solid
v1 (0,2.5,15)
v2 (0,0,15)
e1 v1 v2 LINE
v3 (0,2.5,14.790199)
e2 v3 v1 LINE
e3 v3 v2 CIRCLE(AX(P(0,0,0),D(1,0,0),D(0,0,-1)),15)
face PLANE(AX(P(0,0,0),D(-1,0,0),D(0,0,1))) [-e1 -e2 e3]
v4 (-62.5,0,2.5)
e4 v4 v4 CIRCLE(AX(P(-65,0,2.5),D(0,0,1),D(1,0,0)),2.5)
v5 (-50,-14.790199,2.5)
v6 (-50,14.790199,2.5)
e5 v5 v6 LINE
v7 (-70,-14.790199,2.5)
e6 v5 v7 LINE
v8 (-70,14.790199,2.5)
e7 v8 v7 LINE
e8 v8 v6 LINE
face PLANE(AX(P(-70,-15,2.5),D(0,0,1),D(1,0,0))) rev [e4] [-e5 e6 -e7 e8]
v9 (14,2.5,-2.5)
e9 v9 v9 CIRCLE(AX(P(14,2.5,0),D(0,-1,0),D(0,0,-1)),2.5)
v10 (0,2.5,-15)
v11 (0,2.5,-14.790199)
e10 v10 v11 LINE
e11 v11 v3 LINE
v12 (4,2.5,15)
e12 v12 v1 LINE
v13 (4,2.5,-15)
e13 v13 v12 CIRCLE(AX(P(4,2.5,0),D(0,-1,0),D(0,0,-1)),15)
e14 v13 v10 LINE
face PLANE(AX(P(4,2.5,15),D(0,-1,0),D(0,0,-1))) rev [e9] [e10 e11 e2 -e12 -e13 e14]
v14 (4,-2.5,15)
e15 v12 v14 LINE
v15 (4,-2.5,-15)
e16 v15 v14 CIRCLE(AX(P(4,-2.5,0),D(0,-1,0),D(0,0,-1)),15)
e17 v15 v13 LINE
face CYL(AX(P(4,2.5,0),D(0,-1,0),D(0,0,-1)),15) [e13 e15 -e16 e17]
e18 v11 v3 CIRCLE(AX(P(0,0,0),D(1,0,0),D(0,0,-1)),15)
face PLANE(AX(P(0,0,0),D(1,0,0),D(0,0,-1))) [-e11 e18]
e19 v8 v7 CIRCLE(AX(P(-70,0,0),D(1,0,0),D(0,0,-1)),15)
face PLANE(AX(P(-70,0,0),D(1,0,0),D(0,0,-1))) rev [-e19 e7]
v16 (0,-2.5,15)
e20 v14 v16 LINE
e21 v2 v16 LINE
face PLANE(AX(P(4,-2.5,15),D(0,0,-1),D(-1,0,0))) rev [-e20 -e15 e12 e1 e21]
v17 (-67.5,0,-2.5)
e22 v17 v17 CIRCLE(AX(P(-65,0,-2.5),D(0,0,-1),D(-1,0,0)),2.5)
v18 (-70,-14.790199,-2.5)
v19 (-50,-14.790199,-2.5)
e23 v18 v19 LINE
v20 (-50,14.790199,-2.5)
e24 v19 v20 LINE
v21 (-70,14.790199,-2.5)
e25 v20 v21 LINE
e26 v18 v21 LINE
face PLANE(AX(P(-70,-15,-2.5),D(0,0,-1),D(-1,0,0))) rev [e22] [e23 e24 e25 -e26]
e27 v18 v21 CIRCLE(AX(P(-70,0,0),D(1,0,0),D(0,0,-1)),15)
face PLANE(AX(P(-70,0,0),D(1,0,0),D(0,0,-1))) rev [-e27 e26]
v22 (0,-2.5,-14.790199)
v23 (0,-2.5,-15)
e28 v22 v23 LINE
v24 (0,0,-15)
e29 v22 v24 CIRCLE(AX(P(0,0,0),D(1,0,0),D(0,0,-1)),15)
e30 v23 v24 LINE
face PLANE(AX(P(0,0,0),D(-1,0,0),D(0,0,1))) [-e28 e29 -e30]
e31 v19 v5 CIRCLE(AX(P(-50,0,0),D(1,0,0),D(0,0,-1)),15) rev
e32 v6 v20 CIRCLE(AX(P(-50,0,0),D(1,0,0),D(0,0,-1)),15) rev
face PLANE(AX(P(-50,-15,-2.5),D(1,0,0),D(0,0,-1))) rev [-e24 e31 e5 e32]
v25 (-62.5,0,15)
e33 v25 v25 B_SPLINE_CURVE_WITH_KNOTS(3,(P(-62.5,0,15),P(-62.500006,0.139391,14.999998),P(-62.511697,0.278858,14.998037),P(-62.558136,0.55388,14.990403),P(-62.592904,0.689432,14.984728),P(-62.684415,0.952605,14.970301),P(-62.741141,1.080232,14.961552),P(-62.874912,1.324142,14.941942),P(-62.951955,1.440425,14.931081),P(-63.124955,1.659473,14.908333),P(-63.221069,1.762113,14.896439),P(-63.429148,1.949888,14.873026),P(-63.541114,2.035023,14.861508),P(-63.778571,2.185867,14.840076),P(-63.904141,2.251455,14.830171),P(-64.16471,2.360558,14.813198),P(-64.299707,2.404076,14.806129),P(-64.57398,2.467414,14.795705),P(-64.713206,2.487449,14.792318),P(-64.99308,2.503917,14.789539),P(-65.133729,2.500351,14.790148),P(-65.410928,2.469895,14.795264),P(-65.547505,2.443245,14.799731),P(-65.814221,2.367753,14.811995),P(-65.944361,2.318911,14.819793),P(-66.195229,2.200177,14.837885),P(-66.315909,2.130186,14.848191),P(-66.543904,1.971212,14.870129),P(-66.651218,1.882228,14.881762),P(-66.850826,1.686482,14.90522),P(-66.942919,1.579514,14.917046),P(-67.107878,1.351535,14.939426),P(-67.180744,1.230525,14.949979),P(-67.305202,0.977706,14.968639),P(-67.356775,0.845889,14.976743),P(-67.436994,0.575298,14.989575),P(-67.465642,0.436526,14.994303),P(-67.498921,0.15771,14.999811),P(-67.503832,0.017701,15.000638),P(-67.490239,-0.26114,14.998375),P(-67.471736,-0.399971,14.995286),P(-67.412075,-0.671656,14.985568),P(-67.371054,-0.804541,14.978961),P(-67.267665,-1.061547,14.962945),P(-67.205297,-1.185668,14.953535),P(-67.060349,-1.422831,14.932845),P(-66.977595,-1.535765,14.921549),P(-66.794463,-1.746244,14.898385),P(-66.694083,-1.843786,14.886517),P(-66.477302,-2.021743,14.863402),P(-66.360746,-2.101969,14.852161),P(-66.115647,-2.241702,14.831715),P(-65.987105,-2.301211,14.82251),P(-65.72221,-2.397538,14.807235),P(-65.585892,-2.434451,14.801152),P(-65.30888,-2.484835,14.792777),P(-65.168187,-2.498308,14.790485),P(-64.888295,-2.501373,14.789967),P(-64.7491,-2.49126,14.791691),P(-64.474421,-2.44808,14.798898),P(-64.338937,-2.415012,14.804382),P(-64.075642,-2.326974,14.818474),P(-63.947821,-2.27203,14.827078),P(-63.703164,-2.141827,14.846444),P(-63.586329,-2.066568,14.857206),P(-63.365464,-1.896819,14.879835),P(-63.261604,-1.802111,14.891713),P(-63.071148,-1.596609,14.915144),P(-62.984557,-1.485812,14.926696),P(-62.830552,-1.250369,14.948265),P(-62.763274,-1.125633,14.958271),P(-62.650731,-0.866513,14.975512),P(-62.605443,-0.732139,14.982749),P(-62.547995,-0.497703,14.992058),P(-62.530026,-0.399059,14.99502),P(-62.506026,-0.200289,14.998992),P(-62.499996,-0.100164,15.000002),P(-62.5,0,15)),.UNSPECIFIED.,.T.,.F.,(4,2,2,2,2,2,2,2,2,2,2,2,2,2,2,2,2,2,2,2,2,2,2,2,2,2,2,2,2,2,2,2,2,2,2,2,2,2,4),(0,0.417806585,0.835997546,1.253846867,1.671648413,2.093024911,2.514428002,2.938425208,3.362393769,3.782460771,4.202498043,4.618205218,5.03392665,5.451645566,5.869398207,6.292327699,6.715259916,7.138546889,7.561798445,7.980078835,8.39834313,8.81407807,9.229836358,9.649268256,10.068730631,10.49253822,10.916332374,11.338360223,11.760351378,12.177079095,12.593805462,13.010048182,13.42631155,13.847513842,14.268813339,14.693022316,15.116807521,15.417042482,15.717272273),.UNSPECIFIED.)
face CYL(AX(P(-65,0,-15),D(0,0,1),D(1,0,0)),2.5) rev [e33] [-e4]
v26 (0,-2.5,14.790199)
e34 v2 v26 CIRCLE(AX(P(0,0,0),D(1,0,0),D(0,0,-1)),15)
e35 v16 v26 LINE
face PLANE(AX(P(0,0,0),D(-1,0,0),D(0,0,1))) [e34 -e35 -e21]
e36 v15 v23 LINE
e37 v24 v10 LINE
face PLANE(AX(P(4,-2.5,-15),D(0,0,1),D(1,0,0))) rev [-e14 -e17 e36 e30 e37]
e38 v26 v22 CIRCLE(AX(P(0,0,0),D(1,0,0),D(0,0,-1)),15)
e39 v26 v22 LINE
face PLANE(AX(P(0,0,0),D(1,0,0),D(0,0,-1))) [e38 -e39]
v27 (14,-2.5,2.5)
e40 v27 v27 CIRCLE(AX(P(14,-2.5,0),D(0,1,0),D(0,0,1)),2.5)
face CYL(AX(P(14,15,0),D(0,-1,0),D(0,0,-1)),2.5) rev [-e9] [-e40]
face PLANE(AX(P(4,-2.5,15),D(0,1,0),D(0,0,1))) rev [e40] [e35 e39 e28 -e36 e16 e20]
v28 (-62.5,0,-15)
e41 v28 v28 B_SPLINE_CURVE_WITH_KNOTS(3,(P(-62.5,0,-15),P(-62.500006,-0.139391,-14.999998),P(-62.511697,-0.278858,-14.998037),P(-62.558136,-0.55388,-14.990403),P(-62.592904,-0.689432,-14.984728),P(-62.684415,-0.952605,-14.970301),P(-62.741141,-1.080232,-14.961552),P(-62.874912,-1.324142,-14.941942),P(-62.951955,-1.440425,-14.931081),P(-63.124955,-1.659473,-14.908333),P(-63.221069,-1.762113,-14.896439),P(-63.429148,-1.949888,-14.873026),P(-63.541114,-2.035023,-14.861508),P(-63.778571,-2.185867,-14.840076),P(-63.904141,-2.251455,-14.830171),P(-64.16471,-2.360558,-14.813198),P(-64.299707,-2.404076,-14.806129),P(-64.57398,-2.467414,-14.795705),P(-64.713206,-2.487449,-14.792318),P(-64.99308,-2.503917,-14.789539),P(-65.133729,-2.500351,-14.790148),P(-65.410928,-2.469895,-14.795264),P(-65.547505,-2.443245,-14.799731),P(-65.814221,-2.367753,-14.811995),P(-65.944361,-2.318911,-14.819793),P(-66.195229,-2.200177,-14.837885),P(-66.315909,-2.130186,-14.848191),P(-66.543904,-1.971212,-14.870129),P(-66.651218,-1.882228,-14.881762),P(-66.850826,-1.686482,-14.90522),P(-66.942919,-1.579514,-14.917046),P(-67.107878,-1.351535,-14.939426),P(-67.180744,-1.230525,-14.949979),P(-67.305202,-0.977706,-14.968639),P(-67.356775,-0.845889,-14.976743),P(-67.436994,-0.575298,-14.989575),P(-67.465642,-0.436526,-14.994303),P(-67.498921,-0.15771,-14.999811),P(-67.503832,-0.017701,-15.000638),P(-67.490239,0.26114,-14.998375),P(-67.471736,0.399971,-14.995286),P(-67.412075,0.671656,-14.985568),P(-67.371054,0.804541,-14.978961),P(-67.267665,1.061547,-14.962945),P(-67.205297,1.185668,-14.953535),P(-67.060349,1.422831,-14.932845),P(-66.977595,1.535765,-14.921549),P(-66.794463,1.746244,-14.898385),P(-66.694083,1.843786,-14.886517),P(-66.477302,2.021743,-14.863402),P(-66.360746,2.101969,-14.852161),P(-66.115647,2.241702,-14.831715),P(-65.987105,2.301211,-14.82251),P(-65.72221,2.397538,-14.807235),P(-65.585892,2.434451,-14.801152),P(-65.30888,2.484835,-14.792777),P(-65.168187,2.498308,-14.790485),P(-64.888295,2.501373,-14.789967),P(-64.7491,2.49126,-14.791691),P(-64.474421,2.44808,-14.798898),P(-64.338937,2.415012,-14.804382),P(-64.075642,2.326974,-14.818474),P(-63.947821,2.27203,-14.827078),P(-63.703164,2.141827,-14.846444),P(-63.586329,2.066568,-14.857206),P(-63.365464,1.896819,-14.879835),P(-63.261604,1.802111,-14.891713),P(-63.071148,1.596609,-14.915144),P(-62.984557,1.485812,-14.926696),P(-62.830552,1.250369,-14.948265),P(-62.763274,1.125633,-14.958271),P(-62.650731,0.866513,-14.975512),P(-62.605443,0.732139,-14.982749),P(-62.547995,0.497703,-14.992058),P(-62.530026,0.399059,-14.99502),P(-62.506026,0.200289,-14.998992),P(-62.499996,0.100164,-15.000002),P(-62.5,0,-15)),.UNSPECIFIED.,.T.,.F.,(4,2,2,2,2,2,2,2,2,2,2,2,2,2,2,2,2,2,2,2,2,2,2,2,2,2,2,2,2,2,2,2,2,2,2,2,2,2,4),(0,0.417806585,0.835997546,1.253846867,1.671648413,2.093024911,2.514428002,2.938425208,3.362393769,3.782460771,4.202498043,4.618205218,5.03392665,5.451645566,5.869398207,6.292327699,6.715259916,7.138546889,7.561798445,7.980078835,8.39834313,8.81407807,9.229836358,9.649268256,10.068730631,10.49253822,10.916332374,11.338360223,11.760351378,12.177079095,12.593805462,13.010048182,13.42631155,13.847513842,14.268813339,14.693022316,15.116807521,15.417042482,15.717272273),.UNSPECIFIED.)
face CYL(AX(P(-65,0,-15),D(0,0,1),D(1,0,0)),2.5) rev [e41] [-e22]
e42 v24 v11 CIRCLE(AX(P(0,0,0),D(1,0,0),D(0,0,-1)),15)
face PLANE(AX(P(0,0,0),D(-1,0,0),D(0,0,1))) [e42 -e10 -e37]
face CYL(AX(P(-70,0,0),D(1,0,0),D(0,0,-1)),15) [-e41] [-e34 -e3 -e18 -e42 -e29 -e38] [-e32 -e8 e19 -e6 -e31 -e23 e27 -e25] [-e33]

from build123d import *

# Parameters (mm, degrees)
SKETCH2_R               = 15
BOSS_EXTRUDE1_DEPTH     = 70
CUT_EXTRUDE1_DEPTH      = 74.143694192
CUT_EXTRUDE1_DEPTH_BACK = 74.143694192
SKETCH3_W               = 20
SKETCH3_H               = 5
CUT_EXTRUDE2_DEPTH      = 74.143694192
CUT_EXTRUDE2_DEPTH_BACK = 74.143694192
SKETCH6_R               = 2.5
SKETCH7_W               = 5
SKETCH7_H               = 30
BOSS_EXTRUDE2_DEPTH     = 4
BOSS_EXTRUDE3_DEPTH     = 5
CUT_EXTRUDE3_DEPTH      = 74.697015004
CUT_EXTRUDE3_DEPTH_BACK = 74.697015004
SKETCH9_R               = 2.5


with BuildPart() as part:
    # Sketch2 → Boss-Extrude1 (new body)
    with BuildSketch(Plane(origin=(0, 0, 0), x_dir=(0, 0, -1), z_dir=(1, 0, 0))):
        Circle(SKETCH2_R)
    extrude(amount=-BOSS_EXTRUDE1_DEPTH)

    # Sketch3 → Cut-Extrude1 (cut, two sides: drawn at the far end of the back side and taken through both)
    with BuildSketch(Plane(origin=(0, 0, 0), x_dir=(1, 0, 0), z_dir=(0, 1, 0)).offset(-CUT_EXTRUDE1_DEPTH_BACK)):
        with Locations((-60, 0)):
            Rectangle(SKETCH3_W, SKETCH3_H)
    extrude(amount=CUT_EXTRUDE1_DEPTH + CUT_EXTRUDE1_DEPTH_BACK, mode=Mode.SUBTRACT)

    # Sketch6 → Cut-Extrude2 (cut, two sides: drawn at the far end of the back side and taken through both)
    with BuildSketch(Plane.XY.offset(-CUT_EXTRUDE2_DEPTH_BACK)):
        with Locations((-65, 0)):
            Circle(SKETCH6_R)
    extrude(amount=CUT_EXTRUDE2_DEPTH + CUT_EXTRUDE2_DEPTH_BACK, mode=Mode.SUBTRACT)

    # Sketch7 → Boss-Extrude2 (add)
    with BuildSketch(Plane.YZ):
        Rectangle(SKETCH7_W, SKETCH7_H)
    extrude(amount=BOSS_EXTRUDE2_DEPTH)

    # Sketch8 → Boss-Extrude3 (add)
    with BuildSketch(Plane.XZ.offset(2.5)):
        with BuildLine():
            Line((4, 15), (4, -15))
            ThreePointArc((4, -15), (19, 0), (4, 15))
        make_face()
    extrude(amount=-BOSS_EXTRUDE3_DEPTH)

    # Sketch9 → Cut-Extrude3 (cut, two sides: drawn at the far end of the back side and taken through both)
    with BuildSketch(Plane.XZ.offset(2.5).offset(-CUT_EXTRUDE3_DEPTH_BACK)):
        with Locations(Location((14, 0, 0), (0, 0, 270))):
            Circle(SKETCH9_R)
    extrude(amount=CUT_EXTRUDE3_DEPTH + CUT_EXTRUDE3_DEPTH_BACK, mode=Mode.SUBTRACT)


solid = part.part
